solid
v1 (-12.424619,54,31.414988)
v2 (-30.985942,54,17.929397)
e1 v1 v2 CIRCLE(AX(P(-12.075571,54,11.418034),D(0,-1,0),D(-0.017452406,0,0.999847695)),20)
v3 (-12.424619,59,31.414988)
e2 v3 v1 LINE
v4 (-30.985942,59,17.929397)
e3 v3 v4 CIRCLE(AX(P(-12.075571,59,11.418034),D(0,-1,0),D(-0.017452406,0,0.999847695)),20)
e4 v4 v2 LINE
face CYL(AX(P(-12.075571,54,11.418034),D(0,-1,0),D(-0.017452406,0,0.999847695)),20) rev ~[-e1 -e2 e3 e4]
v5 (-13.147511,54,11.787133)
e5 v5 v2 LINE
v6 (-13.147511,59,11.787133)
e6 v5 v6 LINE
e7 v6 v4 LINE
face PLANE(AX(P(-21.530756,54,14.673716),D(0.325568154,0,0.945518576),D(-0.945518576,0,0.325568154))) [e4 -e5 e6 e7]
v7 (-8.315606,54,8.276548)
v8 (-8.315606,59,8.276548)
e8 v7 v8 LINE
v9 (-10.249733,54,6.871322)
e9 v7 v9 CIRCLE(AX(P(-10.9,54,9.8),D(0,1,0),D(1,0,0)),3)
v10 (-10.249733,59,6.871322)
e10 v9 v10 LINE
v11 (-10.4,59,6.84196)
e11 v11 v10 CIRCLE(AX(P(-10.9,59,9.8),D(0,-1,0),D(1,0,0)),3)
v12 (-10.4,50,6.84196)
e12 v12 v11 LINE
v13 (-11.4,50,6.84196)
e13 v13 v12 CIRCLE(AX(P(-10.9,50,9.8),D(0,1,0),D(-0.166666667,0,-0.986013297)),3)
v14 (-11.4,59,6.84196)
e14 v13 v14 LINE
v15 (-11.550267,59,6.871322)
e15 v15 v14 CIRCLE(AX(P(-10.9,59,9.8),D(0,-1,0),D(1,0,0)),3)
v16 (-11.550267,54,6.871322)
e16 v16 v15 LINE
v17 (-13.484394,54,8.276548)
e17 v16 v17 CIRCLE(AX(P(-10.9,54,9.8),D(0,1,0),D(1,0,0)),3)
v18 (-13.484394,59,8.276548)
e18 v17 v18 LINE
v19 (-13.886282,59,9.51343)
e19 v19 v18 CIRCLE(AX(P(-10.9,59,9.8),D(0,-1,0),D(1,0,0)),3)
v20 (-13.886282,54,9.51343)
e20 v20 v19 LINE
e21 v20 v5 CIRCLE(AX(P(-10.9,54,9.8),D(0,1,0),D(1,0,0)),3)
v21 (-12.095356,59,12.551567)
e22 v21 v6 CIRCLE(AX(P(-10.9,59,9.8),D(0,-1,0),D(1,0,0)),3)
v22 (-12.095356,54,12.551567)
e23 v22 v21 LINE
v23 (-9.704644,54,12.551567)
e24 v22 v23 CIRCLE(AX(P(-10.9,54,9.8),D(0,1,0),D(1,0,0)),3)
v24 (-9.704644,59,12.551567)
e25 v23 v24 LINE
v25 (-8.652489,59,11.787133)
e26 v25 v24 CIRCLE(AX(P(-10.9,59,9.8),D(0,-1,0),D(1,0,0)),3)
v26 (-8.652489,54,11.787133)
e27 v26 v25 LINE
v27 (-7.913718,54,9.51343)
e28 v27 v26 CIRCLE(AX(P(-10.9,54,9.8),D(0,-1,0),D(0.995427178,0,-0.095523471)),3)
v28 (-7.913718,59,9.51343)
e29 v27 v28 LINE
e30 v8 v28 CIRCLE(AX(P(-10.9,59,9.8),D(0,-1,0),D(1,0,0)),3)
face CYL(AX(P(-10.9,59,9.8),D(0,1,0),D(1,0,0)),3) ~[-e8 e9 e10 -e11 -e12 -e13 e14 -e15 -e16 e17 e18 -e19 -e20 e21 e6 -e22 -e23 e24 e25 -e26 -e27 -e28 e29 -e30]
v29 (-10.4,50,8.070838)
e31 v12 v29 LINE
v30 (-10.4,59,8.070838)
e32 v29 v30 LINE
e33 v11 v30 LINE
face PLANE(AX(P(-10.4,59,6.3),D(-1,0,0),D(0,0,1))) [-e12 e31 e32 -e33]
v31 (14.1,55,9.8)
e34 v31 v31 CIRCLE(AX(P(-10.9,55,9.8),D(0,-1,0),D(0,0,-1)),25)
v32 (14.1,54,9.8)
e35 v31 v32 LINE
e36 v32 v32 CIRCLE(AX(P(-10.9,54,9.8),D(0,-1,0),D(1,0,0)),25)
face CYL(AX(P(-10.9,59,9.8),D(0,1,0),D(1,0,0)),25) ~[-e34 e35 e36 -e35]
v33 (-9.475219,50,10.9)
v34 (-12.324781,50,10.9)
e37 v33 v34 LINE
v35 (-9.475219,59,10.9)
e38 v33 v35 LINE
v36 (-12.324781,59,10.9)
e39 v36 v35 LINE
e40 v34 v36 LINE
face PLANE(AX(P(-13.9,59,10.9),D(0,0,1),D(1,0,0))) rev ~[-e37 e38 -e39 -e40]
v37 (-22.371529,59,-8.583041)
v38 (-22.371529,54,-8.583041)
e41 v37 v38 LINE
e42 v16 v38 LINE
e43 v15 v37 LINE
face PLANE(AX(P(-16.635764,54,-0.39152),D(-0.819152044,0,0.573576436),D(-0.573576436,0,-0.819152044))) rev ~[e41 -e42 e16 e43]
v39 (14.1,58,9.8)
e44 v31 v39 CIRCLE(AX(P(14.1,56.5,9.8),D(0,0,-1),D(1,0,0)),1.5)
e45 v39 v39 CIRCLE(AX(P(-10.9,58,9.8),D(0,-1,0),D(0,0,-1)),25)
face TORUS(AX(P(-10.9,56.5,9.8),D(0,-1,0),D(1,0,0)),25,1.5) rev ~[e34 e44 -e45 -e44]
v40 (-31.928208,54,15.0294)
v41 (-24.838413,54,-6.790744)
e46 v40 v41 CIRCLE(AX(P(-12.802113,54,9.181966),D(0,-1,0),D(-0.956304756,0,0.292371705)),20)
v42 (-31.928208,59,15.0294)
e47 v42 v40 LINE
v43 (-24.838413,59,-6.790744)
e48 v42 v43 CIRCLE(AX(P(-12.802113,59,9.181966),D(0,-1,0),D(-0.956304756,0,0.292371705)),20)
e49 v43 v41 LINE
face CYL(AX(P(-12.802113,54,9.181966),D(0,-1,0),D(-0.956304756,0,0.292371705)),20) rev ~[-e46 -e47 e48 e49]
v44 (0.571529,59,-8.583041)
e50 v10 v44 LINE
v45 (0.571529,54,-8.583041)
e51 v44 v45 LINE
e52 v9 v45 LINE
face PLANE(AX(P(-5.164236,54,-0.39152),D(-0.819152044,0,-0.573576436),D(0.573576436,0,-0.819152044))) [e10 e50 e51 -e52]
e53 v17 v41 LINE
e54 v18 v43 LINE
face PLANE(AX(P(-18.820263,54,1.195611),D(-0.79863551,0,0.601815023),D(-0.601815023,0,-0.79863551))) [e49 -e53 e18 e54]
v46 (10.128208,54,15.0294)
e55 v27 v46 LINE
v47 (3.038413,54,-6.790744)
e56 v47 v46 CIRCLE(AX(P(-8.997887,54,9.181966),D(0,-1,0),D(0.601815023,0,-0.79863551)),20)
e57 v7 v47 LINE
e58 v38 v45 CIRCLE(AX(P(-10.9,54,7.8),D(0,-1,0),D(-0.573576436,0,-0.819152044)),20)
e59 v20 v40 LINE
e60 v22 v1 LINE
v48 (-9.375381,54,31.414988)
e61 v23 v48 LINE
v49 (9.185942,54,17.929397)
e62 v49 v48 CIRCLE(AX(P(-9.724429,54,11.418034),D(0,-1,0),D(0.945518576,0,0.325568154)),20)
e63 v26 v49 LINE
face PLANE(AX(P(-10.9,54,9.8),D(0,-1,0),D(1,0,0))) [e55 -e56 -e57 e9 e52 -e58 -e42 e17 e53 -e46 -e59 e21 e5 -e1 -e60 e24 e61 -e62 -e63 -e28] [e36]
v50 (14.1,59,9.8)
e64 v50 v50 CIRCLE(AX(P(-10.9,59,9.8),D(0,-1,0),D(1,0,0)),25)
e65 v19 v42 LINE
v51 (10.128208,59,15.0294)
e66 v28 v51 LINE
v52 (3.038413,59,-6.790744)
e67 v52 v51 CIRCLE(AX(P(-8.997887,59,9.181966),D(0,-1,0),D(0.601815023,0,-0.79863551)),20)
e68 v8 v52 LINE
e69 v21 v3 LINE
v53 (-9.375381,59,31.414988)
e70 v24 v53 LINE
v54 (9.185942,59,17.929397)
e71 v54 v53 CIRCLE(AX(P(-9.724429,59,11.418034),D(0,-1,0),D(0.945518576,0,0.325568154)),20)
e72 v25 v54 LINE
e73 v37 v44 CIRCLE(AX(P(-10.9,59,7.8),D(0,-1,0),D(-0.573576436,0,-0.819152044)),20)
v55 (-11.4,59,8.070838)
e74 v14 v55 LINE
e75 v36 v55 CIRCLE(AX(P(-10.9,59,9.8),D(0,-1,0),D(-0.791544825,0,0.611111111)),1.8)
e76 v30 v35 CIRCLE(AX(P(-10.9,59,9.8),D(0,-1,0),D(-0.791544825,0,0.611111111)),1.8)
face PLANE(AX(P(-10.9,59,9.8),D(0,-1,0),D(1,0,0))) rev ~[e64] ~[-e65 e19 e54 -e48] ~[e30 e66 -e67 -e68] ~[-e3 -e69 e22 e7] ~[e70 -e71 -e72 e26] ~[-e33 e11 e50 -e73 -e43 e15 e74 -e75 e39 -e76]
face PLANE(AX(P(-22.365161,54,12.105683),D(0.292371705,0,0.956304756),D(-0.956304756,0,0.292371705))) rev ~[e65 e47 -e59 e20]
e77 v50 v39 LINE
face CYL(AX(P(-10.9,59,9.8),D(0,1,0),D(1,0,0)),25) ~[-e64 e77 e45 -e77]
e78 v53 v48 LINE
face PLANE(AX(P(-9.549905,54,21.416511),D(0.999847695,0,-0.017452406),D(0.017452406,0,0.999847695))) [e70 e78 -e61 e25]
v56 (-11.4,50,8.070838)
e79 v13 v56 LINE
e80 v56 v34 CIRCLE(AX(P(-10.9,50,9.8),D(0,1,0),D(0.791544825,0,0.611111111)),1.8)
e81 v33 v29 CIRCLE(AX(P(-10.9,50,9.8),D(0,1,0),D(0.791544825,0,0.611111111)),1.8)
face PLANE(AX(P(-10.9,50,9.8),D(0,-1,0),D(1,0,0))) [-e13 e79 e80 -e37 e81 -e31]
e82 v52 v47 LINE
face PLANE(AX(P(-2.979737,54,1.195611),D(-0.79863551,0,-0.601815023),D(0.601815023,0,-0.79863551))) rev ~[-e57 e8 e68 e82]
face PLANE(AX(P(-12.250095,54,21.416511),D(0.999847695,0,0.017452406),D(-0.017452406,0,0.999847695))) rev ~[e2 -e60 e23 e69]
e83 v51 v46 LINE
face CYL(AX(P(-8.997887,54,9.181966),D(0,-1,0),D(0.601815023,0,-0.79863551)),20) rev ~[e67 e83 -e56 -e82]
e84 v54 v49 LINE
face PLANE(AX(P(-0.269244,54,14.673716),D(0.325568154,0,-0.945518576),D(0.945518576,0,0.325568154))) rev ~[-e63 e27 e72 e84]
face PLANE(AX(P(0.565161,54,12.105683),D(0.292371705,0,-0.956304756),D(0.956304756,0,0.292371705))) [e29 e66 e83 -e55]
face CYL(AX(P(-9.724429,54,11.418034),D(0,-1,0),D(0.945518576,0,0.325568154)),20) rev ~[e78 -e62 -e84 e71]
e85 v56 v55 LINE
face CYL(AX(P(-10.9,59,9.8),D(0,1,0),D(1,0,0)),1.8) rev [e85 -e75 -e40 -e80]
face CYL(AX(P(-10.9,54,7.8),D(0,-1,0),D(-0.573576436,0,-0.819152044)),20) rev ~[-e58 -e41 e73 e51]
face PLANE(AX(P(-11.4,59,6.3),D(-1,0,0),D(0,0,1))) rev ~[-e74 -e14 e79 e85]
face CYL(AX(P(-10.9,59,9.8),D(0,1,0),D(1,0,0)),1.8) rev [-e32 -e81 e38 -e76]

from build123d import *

# Parameters (mm, degrees)
BOX003_W                    = 10
BOX003_H                    = 10
BOX003_DEPTH                = 10
CYLINDER002_R               = 1.8
CYLINDER002_DEPTH           = 9
BOX030_W                    = 1
BOX030_H                    = 2
BOX030_DEPTH                = 9
CYLINDER010_R               = 3
CYLINDER010_DEPTH           = 9
CYLINDER012_W               = 20
CYLINDER012_H               = 10
CYLINDER012_ANGLE           = 70
CYLINDER012_PLACEMENT_ANGLE = 235
ARRAY_COUNT                 = 5
TORUS_R                     = 1.5
CYLINDER_R                  = 25
CYLINDER_DEPTH              = 5
CUT024_ROLL_ANGLE           = 90
CUT024_PLACEMENT_ANGLE      = 180
CLONE006_PLACEMENT_ANGLE    = 180


with BuildPart() as cube002:
    # Box003 → Box003 (new body)
    with BuildSketch(Plane(origin=(-3, 1.1, 0), x_dir=(1, 0, 0), z_dir=(0, 0, 1))):
        with Locations((5, 5)):
            Rectangle(BOX003_W, BOX003_H)
    extrude(amount=BOX003_DEPTH)


with BuildPart() as shafthole:
    # Cylinder002 → Cylinder002 (new body)
    with BuildSketch(Plane.XY):
        Circle(CYLINDER002_R)
    extrude(amount=CYLINDER002_DEPTH)

    # Cut002: cut Cube002
    add(cube002.part, mode=Mode.SUBTRACT)


with BuildPart() as fusion015:
    # Box030 → Box030 (new body)
    with BuildSketch(Plane(origin=(-0.5, -3.5, 0), x_dir=(1, 0, 0), z_dir=(0, 0, 1))):
        with Locations((0.5, 1)):
            Rectangle(BOX030_W, BOX030_H)
    extrude(amount=BOX030_DEPTH)

    # Fusion015: union shaftHole
    add(shafthole.part)


with BuildPart() as cylinder010:
    # Cylinder010 → Cylinder010 (new body)
    with BuildSketch(Plane.XY):
        Circle(CYLINDER010_R)
    extrude(amount=CYLINDER010_DEPTH)


with BuildPart() as array022:
    # Cylinder012 → Cylinder012 (revolve)
    with BuildSketch(Plane.XZ):
        with Locations((10, 5)):
            Rectangle(CYLINDER012_W, CYLINDER012_H)
    revolve(axis=Axis((0, 0, 0), (0, 0, 1)), revolution_arc=CYLINDER012_ANGLE)


with BuildPart() as array022_1:
    # Cylinder012 placement: moved
    add(array022.part.moved(Location((0, -2, 0))).rotate(Axis((0, -2, 0), (0, 0, 1)), CYLINDER012_PLACEMENT_ANGLE))

    # Array: Array022 ×5 about axis
    array_axis = Axis((0, 0, 0), (0, 0, 1))


with BuildPart() as array022_2:
    add(array022_1.part)
    for i in range(1, ARRAY_COUNT):
        add(array022_1.part.rotate(array_axis, i * 360 / ARRAY_COUNT))


with BuildPart() as torus:
    # Torus → Torus (revolve)
    with BuildSketch(Plane(origin=(0, 0, 2.5), x_dir=(1, 0, 0), z_dir=(0, -1, 0))):
        with Locations((25, 0)):
            Circle(TORUS_R)
    revolve(axis=Axis((0, 0, 2.5), (0, 0, 1)))


with BuildPart() as clone_of_wheel:
    # Cylinder → Cylinder (new body)
    with BuildSketch(Plane.XY):
        Circle(CYLINDER_R)
    extrude(amount=CYLINDER_DEPTH)

    # Cut001: cut Torus
    add(torus.part, mode=Mode.SUBTRACT)

    # Cut023: cut Array022
    add(array022_2.part, mode=Mode.SUBTRACT)

    # Fusion016: union Cylinder010
    add(cylinder010.part)

    # Cut024: cut Fusion015
    add(fusion015.part, mode=Mode.SUBTRACT)


with BuildPart() as clone_of_wheel_1:
    # Cut024 roll: moved
    add(clone_of_wheel.part.rotate(Axis((0, 0, 0), (1, 0, 0)), CUT024_ROLL_ANGLE))


with BuildPart() as clone_of_wheel_2:
    # Cut024 placement: moved
    add(clone_of_wheel_1.part.moved(Location((-10.9, -46, 9.8))).rotate(Axis((-10.9, -46, 9.8), (0, 0, 1)), CUT024_PLACEMENT_ANGLE))


with BuildPart() as clone_of_wheel_3:
    # Clone006 placement: moved
    add(clone_of_wheel_2.part.moved(Location((-21.8, 13, 0))).rotate(Axis((-21.8, 13, 0), (0, 0, 1)), CLONE006_PLACEMENT_ANGLE))


solid = clone_of_wheel_3.part
